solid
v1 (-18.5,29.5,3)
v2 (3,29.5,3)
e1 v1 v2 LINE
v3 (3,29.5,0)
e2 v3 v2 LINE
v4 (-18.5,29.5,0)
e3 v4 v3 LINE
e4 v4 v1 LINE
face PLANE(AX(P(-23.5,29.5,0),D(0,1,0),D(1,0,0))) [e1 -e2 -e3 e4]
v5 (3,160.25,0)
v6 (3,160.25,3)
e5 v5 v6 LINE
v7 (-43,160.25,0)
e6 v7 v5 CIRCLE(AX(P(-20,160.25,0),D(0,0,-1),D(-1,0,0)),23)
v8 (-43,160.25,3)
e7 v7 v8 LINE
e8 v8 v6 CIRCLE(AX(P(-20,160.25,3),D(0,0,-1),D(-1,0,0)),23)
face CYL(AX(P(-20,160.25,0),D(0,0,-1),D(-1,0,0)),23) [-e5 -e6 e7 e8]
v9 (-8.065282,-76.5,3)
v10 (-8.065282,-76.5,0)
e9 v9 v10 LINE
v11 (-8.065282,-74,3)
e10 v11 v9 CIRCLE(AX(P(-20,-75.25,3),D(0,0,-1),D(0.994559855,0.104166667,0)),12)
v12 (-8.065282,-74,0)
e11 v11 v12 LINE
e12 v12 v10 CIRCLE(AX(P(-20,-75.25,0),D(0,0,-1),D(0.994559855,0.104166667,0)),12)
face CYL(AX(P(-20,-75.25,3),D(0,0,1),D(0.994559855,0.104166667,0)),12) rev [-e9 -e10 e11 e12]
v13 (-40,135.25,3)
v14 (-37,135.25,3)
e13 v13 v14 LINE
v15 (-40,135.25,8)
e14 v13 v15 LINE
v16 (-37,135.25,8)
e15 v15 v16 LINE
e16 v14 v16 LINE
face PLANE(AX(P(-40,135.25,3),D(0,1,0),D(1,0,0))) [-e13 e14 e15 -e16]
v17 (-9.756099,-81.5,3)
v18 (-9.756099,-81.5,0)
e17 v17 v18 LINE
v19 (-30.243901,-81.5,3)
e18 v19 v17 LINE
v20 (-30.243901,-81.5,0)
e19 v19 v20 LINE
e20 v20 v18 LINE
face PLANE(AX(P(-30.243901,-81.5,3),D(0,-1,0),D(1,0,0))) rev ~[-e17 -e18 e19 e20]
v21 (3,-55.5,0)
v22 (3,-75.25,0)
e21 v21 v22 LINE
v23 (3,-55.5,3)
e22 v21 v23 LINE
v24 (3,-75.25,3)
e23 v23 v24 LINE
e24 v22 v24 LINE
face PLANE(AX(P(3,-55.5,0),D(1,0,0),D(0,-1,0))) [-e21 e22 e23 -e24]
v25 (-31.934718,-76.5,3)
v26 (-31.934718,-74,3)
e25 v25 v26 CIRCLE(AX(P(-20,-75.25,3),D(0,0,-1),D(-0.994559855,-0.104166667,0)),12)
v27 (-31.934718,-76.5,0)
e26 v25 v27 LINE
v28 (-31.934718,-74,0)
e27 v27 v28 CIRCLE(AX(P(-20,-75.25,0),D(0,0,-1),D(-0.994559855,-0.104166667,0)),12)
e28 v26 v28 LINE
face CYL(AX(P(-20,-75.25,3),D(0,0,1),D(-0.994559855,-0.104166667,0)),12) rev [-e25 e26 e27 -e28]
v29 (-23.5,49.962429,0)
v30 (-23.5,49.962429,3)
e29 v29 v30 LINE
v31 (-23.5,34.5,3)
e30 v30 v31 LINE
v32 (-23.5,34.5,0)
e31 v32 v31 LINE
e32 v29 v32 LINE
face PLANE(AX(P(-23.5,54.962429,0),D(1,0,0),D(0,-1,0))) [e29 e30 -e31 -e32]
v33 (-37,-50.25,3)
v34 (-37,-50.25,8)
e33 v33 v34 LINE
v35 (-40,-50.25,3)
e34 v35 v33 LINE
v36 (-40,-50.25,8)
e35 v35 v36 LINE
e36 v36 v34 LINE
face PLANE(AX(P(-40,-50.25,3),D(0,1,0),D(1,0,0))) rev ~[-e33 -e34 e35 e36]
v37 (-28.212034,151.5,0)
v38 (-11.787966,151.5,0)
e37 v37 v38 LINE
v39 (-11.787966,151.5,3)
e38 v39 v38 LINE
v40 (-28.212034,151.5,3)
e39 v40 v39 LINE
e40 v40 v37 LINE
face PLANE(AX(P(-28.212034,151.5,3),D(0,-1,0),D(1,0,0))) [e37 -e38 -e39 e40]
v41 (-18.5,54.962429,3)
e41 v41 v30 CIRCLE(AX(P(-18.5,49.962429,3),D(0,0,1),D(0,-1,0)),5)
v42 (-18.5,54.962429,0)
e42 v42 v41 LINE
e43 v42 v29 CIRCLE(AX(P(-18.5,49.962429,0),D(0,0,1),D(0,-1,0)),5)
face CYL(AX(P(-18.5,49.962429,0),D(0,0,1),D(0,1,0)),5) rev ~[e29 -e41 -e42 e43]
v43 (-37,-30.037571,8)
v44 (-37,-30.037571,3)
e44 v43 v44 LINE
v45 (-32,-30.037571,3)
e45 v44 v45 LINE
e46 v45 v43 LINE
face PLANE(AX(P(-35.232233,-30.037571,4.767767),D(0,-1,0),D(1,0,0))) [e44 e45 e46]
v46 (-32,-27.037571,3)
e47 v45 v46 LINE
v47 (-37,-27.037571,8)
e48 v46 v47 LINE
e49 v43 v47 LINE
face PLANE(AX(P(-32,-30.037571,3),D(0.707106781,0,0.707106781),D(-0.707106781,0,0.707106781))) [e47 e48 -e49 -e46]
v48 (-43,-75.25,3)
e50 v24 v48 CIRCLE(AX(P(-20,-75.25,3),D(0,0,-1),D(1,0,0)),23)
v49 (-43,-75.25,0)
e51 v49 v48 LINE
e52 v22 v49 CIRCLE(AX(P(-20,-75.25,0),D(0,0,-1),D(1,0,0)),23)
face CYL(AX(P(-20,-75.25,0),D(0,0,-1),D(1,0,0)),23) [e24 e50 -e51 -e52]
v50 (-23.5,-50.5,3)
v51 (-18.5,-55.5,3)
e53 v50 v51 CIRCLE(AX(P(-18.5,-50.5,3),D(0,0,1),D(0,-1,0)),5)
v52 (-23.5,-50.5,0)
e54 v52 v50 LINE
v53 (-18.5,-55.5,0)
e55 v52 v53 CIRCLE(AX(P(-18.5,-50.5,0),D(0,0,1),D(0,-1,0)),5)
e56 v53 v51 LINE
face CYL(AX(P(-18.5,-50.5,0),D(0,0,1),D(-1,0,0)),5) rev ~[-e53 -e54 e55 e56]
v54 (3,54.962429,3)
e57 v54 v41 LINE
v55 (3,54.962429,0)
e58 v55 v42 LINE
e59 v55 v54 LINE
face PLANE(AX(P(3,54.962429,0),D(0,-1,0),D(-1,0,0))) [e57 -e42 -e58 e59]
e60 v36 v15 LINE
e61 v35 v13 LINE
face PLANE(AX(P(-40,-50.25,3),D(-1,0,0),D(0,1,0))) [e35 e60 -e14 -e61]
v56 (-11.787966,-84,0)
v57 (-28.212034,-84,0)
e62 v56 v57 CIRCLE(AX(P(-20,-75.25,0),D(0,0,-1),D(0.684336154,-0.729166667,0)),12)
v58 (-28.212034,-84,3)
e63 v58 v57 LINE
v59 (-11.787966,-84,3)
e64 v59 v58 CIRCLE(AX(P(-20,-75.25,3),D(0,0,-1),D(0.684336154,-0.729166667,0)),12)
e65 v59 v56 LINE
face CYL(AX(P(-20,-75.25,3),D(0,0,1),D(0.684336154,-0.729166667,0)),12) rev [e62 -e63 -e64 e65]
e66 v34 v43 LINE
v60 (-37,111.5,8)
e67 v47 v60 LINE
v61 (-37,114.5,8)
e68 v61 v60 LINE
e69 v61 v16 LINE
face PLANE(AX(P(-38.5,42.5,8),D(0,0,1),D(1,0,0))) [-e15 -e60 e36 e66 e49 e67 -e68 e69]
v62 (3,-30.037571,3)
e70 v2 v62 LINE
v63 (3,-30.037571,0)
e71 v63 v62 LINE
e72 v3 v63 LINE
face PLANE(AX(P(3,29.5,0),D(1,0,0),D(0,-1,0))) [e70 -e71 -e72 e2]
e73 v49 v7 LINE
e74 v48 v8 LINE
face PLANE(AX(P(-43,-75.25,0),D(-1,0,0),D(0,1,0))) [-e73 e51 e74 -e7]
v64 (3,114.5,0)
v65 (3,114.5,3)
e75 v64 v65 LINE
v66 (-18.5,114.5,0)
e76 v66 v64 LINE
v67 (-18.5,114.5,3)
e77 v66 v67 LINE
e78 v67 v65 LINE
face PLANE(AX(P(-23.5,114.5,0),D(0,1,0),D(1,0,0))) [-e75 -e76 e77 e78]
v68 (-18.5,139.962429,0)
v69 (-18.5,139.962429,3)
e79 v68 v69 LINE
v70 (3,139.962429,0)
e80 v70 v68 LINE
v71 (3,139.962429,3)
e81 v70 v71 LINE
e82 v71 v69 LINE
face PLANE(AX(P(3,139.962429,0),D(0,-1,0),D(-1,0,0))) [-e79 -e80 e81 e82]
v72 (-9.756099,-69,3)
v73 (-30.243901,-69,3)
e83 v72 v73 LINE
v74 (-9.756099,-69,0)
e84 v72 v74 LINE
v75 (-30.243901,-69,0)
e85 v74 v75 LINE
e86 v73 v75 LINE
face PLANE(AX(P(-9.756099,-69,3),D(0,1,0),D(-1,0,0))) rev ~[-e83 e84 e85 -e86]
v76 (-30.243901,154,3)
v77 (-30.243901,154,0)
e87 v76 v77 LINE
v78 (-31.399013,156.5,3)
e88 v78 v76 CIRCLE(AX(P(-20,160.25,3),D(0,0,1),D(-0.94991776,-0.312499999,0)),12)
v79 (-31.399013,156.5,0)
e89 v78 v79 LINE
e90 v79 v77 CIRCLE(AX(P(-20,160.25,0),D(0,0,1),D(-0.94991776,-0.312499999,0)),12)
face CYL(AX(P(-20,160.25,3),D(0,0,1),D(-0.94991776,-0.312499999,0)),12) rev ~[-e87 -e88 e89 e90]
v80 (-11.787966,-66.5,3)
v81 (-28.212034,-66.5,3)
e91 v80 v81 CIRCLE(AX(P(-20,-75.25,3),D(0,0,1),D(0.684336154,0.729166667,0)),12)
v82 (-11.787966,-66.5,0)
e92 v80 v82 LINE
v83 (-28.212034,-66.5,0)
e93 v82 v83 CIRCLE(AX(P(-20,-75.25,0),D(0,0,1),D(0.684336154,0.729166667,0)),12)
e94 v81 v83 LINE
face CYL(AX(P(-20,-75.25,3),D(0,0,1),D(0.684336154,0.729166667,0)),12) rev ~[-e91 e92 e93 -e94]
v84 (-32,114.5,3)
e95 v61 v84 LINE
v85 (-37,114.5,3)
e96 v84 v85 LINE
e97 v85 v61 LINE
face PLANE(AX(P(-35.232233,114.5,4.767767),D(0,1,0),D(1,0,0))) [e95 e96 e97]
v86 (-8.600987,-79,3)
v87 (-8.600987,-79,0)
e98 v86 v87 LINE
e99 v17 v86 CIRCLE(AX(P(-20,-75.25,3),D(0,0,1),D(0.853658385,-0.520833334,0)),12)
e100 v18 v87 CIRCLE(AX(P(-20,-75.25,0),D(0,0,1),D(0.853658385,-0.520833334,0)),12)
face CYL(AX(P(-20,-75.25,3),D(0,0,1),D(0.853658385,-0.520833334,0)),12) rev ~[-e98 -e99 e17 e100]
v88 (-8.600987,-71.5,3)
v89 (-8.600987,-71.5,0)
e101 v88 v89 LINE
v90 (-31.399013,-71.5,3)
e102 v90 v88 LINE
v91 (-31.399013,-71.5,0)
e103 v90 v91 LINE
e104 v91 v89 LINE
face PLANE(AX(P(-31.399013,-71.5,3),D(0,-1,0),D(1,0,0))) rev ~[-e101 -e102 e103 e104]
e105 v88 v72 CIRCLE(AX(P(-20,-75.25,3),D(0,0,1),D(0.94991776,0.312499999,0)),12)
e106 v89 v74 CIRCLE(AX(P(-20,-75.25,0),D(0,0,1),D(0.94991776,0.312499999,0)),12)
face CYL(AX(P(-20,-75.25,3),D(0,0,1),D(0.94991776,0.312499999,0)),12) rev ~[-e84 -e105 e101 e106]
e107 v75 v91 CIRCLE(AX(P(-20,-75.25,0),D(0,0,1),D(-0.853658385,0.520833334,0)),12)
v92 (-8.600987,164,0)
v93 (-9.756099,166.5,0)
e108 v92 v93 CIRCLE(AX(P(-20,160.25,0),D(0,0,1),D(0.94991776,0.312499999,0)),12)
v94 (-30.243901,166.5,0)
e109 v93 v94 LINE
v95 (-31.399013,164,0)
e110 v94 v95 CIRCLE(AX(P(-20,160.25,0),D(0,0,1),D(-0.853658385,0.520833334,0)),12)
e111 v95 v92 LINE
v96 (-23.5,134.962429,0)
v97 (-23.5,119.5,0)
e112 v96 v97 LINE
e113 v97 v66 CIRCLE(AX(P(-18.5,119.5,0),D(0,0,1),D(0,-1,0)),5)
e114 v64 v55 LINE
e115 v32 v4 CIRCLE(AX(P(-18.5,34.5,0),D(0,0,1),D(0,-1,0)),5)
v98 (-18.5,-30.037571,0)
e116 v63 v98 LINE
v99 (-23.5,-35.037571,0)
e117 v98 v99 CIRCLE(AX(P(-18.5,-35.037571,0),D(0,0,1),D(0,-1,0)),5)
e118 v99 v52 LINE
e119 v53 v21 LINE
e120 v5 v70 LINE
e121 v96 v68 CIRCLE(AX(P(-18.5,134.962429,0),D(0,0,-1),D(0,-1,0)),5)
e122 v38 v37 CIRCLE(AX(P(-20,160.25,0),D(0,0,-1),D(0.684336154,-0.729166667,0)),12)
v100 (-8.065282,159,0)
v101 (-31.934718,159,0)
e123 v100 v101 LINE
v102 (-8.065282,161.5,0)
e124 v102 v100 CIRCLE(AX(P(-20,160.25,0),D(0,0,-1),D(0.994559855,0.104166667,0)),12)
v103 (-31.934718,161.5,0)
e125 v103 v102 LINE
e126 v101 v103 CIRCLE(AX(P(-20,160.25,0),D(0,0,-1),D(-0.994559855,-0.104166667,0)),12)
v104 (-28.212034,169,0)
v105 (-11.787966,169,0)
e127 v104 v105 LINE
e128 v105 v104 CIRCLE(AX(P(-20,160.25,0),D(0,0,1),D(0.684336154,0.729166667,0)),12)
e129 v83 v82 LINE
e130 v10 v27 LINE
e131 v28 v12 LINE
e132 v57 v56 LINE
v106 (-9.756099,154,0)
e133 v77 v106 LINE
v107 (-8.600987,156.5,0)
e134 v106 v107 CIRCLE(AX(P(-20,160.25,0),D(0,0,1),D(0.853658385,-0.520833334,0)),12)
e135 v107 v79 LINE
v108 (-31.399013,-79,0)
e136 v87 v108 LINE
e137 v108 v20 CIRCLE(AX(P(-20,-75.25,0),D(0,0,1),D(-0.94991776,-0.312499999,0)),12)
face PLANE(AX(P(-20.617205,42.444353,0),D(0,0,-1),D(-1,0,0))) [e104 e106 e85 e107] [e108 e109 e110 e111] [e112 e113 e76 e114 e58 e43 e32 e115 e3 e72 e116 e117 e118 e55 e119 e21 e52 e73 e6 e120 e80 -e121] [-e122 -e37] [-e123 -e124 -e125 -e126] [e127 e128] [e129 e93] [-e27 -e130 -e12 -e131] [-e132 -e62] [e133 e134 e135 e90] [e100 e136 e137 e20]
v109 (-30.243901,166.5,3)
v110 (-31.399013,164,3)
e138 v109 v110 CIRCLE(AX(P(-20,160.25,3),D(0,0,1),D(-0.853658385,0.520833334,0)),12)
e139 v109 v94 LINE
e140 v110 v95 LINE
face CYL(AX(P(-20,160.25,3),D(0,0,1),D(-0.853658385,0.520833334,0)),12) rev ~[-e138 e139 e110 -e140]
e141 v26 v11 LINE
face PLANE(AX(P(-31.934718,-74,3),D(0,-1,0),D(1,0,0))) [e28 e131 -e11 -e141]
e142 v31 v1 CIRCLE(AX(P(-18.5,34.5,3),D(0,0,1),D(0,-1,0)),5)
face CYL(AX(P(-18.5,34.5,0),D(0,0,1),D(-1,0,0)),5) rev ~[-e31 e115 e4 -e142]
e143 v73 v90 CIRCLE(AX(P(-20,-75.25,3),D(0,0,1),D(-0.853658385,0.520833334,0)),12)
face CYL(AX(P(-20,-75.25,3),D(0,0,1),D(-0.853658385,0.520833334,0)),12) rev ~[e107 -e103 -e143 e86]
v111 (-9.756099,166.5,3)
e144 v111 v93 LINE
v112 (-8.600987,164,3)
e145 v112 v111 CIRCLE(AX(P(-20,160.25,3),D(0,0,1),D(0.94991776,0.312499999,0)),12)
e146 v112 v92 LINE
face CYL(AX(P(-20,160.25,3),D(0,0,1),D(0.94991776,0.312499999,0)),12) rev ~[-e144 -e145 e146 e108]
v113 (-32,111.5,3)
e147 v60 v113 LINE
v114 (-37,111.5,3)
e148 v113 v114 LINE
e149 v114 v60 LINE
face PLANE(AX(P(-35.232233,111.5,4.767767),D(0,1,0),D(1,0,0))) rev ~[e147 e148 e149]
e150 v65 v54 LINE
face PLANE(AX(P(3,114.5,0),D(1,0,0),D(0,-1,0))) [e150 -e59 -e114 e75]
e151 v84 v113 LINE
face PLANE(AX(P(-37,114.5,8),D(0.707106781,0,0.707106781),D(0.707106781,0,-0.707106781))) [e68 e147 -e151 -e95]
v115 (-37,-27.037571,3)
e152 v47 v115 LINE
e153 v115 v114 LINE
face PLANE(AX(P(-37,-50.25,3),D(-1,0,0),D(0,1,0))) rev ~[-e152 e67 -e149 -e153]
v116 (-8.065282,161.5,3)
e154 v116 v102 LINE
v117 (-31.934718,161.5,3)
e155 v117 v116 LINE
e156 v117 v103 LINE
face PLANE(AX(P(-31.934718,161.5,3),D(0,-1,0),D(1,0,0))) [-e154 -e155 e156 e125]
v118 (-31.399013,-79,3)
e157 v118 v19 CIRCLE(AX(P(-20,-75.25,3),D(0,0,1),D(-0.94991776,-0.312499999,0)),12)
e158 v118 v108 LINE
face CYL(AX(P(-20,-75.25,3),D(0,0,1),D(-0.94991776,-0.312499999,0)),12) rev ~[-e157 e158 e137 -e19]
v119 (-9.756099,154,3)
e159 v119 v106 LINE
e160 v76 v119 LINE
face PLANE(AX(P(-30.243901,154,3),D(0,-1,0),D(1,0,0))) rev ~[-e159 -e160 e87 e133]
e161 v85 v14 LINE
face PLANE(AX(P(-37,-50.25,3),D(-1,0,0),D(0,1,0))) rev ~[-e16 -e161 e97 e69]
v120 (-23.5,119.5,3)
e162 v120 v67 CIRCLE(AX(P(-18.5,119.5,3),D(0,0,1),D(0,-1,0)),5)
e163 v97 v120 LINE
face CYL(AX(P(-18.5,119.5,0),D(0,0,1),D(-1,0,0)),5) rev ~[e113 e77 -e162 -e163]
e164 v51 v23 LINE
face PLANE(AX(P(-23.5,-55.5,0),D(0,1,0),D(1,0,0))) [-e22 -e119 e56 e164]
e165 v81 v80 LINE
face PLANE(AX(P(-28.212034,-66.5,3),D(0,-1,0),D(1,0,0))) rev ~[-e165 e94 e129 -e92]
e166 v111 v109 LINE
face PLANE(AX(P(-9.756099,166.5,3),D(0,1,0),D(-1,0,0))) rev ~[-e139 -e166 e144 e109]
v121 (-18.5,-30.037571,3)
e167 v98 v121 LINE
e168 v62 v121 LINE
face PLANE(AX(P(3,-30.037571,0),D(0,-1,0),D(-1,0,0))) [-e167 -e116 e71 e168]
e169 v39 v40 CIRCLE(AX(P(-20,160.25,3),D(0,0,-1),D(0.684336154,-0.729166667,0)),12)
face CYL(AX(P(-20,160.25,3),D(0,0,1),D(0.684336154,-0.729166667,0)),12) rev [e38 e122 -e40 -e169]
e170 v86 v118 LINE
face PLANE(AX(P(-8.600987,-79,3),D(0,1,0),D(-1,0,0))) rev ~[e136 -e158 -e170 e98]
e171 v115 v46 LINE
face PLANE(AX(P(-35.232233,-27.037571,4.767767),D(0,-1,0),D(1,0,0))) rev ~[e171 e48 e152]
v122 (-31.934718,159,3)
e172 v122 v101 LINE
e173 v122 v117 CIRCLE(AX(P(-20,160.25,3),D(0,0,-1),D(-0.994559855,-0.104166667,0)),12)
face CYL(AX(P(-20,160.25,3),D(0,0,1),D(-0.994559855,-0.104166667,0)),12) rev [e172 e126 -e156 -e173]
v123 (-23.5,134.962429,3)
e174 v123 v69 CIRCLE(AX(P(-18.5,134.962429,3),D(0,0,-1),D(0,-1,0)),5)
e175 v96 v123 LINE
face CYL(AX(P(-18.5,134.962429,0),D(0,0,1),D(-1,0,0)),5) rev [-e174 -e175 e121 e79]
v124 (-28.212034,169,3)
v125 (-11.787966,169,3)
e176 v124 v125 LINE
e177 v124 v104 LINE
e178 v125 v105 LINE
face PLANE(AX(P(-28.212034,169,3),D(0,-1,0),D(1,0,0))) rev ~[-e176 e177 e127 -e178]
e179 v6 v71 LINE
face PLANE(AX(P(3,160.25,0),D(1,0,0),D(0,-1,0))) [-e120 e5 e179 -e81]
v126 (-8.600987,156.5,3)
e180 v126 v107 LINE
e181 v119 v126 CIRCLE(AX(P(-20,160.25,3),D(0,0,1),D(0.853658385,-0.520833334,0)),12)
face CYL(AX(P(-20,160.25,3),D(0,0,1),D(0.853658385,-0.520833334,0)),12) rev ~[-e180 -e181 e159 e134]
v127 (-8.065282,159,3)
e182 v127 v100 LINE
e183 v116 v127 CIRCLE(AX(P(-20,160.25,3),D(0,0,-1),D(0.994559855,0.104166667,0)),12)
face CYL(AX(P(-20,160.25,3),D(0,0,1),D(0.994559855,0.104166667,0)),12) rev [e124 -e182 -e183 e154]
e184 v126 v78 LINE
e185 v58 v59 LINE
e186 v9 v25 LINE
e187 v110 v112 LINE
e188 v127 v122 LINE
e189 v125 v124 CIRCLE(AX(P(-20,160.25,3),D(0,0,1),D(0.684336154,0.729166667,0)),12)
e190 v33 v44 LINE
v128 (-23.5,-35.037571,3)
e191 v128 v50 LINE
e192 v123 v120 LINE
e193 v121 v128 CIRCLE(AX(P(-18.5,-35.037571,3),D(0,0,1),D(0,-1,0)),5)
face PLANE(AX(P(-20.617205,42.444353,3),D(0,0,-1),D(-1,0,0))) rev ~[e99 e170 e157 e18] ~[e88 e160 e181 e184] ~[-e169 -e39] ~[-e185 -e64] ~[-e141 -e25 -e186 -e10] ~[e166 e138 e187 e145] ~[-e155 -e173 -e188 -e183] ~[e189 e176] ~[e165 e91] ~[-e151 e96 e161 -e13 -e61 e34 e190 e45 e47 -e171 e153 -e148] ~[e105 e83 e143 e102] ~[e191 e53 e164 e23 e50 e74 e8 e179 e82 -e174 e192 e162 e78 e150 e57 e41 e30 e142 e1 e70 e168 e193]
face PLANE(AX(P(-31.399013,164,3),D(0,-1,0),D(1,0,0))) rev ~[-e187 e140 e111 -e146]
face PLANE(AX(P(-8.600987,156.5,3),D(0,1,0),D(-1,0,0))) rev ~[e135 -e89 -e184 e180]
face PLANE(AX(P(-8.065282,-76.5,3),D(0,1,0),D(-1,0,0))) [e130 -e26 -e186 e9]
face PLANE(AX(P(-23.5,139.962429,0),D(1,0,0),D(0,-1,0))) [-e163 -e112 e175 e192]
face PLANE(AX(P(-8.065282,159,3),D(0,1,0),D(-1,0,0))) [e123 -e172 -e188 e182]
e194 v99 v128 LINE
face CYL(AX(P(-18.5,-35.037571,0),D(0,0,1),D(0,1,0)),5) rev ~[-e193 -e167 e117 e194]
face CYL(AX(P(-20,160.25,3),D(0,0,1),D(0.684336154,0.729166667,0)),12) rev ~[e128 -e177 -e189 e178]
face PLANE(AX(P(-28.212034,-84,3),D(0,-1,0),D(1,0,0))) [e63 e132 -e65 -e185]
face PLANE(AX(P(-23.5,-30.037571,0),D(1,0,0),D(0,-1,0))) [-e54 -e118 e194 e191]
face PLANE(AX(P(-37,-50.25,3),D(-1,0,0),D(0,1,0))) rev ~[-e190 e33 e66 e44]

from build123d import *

# Parameters (mm, degrees)
BOSS_EXTRUDE1_DEPTH = 3
FILLET1_R           = 5
CUT_EXTRUDE1_DEPTH  = 3
SKETCH3_W           = 3
SKETCH3_H           = 185.5
BOSS_EXTRUDE2_DEPTH = 5
BOSS_EXTRUDE3_DEPTH = 3
BOSS_EXTRUDE4_DEPTH = 3


with BuildPart() as part:
    # Sketch1 → Boss-Extrude1 (new body)
    with BuildSketch(Plane.XY):
        with BuildLine():
            Line((-23.5, 139.962429423), (-23.5, 114.5))
            Line((-23.5, 114.5), (3, 114.5))
            Line((3, 114.5), (3, 54.962429423))
            Line((3, 54.962429423), (-23.5, 54.962429423))
            Line((-23.5, 54.962429423), (-23.5, 29.5))
            Line((-23.5, 29.5), (3, 29.5))
            Line((3, 29.5), (3, -30.037570577))
            Line((3, -30.037570577), (-23.5, -30.037570577))
            Line((-23.5, -30.037570577), (-23.5, -55.5))
            Line((-23.5, -55.5), (3, -55.5))
            Line((3, -55.5), (3, -75.25))
            ThreePointArc((3, -75.25), (-20, -98.25), (-43, -75.25))
            Line((-43, -75.25), (-43, 160.25))
            ThreePointArc((-43, 160.25), (-20, 183.25), (3, 160.25))
            Line((3, 160.25), (3, 139.962429423))
            Line((3, 139.962429423), (-23.5, 139.962429423))
        make_face()
    extrude(amount=BOSS_EXTRUDE1_DEPTH)

    # Fillet1
    fillet1_edges = [part.edges().sort_by_distance(p)[0] for p in [
        (-23.5, 139.962429423, 1.5),
        (-23.5, 114.5, 1.5),
        (-23.5, 54.962429423, 1.5),
        (-23.5, 29.5, 1.5),
        (-23.5, -30.037570577, 1.5),
        (-23.5, -55.5, 1.5),
    ]]
    fillet(fillet1_edges, radius=FILLET1_R)

    # Sketch2 → Cut-Extrude1 (cut)
    with BuildSketch(Plane.XY.offset(3)):
        with BuildLine():
            Line((-31.934718262, 161.5), (-8.065281738, 161.5))
            ThreePointArc((-8.065281738, 161.5), (-8, 160.25), (-8.065281738, 159))
            Line((-8.065281738, 159), (-31.934718262, 159))
            ThreePointArc((-31.934718262, 159), (-32, 160.25), (-31.934718262, 161.5))
        make_face()
        with BuildLine():
            Line((-31.399013115, 164), (-8.600986885, 164))
            ThreePointArc((-8.600986885, 164), (-9.106587826, 165.283246588), (-9.756099376, 166.5))
            Line((-9.756099376, 166.5), (-30.243900624, 166.5))
            ThreePointArc((-30.243900624, 166.5), (-30.893412174, 165.283246588), (-31.399013115, 164))
        make_face()
        with BuildLine():
            Line((-28.212033853, 169), (-11.787966147, 169))
            ThreePointArc((-11.787966147, 169), (-20, 172.25), (-28.212033853, 169))
        make_face()
        with BuildLine():
            Line((-28.212033853, 151.5), (-11.787966147, 151.5))
            ThreePointArc((-11.787966147, 151.5), (-20, 148.25), (-28.212033853, 151.5))
        make_face()
        with BuildLine():
            Line((-30.243900624, 154), (-9.756099376, 154))
            ThreePointArc((-9.756099376, 154), (-9.106587826, 155.216753412), (-8.600986885, 156.5))
            Line((-8.600986885, 156.5), (-31.399013115, 156.5))
            ThreePointArc((-31.399013115, 156.5), (-30.893412174, 155.216753412), (-30.243900624, 154))
        make_face()
        with BuildLine():
            Line((-31.399013115, -71.5), (-8.600986885, -71.5))
            ThreePointArc((-8.600986885, -71.5), (-9.106587826, -70.216753412), (-9.756099376, -69))
            Line((-9.756099376, -69), (-30.243900624, -69))
            ThreePointArc((-30.243900624, -69), (-30.893412174, -70.216753412), (-31.399013115, -71.5))
        make_face()
        with BuildLine():
            Line((-28.212033853, -66.5), (-11.787966147, -66.5))
            ThreePointArc((-11.787966147, -66.5), (-20, -63.25), (-28.212033853, -66.5))
        make_face()
        with BuildLine():
            Line((-31.934718262, -74), (-8.065281738, -74))
            ThreePointArc((-8.065281738, -74), (-8, -75.25), (-8.065281738, -76.5))
            Line((-8.065281738, -76.5), (-31.934718262, -76.5))
            ThreePointArc((-31.934718262, -76.5), (-32, -75.25), (-31.934718262, -74))
        make_face()
        with BuildLine():
            Line((-28.212033853, -84), (-11.787966147, -84))
            ThreePointArc((-11.787966147, -84), (-20, -87.25), (-28.212033853, -84))
        make_face()
        with BuildLine():
            Line((-30.243900624, -81.5), (-9.756099376, -81.5))
            ThreePointArc((-9.756099376, -81.5), (-9.106587826, -80.283246588), (-8.600986885, -79))
            Line((-8.600986885, -79), (-31.399013115, -79))
            ThreePointArc((-31.399013115, -79), (-30.893412174, -80.283246588), (-30.243900624, -81.5))
        make_face()
    extrude(amount=-CUT_EXTRUDE1_DEPTH, mode=Mode.SUBTRACT)

    # Sketch3 → Boss-Extrude2 (add)
    with BuildSketch(Plane.XY.offset(3)):
        with Locations((-38.5, 42.5)):
            Rectangle(SKETCH3_W, SKETCH3_H)
    extrude(amount=BOSS_EXTRUDE2_DEPTH)

    # Sketch4 → Boss-Extrude3 (add)
    with BuildSketch(Plane.XZ.offset(30.037570577)):
        Polygon((-37, 8), (-37, 3), (-32, 3), align=None)
    extrude(amount=-BOSS_EXTRUDE3_DEPTH)

    # Sketch5 → Boss-Extrude4 (add)
    with BuildSketch(Plane(origin=(0, 114.5, 0), x_dir=(1, 0, 0), z_dir=(0, 1, 0))):
        Polygon((-37, -8), (-32, -3), (-37, -3), align=None)
    extrude(amount=-BOSS_EXTRUDE4_DEPTH)


solid = part.part
